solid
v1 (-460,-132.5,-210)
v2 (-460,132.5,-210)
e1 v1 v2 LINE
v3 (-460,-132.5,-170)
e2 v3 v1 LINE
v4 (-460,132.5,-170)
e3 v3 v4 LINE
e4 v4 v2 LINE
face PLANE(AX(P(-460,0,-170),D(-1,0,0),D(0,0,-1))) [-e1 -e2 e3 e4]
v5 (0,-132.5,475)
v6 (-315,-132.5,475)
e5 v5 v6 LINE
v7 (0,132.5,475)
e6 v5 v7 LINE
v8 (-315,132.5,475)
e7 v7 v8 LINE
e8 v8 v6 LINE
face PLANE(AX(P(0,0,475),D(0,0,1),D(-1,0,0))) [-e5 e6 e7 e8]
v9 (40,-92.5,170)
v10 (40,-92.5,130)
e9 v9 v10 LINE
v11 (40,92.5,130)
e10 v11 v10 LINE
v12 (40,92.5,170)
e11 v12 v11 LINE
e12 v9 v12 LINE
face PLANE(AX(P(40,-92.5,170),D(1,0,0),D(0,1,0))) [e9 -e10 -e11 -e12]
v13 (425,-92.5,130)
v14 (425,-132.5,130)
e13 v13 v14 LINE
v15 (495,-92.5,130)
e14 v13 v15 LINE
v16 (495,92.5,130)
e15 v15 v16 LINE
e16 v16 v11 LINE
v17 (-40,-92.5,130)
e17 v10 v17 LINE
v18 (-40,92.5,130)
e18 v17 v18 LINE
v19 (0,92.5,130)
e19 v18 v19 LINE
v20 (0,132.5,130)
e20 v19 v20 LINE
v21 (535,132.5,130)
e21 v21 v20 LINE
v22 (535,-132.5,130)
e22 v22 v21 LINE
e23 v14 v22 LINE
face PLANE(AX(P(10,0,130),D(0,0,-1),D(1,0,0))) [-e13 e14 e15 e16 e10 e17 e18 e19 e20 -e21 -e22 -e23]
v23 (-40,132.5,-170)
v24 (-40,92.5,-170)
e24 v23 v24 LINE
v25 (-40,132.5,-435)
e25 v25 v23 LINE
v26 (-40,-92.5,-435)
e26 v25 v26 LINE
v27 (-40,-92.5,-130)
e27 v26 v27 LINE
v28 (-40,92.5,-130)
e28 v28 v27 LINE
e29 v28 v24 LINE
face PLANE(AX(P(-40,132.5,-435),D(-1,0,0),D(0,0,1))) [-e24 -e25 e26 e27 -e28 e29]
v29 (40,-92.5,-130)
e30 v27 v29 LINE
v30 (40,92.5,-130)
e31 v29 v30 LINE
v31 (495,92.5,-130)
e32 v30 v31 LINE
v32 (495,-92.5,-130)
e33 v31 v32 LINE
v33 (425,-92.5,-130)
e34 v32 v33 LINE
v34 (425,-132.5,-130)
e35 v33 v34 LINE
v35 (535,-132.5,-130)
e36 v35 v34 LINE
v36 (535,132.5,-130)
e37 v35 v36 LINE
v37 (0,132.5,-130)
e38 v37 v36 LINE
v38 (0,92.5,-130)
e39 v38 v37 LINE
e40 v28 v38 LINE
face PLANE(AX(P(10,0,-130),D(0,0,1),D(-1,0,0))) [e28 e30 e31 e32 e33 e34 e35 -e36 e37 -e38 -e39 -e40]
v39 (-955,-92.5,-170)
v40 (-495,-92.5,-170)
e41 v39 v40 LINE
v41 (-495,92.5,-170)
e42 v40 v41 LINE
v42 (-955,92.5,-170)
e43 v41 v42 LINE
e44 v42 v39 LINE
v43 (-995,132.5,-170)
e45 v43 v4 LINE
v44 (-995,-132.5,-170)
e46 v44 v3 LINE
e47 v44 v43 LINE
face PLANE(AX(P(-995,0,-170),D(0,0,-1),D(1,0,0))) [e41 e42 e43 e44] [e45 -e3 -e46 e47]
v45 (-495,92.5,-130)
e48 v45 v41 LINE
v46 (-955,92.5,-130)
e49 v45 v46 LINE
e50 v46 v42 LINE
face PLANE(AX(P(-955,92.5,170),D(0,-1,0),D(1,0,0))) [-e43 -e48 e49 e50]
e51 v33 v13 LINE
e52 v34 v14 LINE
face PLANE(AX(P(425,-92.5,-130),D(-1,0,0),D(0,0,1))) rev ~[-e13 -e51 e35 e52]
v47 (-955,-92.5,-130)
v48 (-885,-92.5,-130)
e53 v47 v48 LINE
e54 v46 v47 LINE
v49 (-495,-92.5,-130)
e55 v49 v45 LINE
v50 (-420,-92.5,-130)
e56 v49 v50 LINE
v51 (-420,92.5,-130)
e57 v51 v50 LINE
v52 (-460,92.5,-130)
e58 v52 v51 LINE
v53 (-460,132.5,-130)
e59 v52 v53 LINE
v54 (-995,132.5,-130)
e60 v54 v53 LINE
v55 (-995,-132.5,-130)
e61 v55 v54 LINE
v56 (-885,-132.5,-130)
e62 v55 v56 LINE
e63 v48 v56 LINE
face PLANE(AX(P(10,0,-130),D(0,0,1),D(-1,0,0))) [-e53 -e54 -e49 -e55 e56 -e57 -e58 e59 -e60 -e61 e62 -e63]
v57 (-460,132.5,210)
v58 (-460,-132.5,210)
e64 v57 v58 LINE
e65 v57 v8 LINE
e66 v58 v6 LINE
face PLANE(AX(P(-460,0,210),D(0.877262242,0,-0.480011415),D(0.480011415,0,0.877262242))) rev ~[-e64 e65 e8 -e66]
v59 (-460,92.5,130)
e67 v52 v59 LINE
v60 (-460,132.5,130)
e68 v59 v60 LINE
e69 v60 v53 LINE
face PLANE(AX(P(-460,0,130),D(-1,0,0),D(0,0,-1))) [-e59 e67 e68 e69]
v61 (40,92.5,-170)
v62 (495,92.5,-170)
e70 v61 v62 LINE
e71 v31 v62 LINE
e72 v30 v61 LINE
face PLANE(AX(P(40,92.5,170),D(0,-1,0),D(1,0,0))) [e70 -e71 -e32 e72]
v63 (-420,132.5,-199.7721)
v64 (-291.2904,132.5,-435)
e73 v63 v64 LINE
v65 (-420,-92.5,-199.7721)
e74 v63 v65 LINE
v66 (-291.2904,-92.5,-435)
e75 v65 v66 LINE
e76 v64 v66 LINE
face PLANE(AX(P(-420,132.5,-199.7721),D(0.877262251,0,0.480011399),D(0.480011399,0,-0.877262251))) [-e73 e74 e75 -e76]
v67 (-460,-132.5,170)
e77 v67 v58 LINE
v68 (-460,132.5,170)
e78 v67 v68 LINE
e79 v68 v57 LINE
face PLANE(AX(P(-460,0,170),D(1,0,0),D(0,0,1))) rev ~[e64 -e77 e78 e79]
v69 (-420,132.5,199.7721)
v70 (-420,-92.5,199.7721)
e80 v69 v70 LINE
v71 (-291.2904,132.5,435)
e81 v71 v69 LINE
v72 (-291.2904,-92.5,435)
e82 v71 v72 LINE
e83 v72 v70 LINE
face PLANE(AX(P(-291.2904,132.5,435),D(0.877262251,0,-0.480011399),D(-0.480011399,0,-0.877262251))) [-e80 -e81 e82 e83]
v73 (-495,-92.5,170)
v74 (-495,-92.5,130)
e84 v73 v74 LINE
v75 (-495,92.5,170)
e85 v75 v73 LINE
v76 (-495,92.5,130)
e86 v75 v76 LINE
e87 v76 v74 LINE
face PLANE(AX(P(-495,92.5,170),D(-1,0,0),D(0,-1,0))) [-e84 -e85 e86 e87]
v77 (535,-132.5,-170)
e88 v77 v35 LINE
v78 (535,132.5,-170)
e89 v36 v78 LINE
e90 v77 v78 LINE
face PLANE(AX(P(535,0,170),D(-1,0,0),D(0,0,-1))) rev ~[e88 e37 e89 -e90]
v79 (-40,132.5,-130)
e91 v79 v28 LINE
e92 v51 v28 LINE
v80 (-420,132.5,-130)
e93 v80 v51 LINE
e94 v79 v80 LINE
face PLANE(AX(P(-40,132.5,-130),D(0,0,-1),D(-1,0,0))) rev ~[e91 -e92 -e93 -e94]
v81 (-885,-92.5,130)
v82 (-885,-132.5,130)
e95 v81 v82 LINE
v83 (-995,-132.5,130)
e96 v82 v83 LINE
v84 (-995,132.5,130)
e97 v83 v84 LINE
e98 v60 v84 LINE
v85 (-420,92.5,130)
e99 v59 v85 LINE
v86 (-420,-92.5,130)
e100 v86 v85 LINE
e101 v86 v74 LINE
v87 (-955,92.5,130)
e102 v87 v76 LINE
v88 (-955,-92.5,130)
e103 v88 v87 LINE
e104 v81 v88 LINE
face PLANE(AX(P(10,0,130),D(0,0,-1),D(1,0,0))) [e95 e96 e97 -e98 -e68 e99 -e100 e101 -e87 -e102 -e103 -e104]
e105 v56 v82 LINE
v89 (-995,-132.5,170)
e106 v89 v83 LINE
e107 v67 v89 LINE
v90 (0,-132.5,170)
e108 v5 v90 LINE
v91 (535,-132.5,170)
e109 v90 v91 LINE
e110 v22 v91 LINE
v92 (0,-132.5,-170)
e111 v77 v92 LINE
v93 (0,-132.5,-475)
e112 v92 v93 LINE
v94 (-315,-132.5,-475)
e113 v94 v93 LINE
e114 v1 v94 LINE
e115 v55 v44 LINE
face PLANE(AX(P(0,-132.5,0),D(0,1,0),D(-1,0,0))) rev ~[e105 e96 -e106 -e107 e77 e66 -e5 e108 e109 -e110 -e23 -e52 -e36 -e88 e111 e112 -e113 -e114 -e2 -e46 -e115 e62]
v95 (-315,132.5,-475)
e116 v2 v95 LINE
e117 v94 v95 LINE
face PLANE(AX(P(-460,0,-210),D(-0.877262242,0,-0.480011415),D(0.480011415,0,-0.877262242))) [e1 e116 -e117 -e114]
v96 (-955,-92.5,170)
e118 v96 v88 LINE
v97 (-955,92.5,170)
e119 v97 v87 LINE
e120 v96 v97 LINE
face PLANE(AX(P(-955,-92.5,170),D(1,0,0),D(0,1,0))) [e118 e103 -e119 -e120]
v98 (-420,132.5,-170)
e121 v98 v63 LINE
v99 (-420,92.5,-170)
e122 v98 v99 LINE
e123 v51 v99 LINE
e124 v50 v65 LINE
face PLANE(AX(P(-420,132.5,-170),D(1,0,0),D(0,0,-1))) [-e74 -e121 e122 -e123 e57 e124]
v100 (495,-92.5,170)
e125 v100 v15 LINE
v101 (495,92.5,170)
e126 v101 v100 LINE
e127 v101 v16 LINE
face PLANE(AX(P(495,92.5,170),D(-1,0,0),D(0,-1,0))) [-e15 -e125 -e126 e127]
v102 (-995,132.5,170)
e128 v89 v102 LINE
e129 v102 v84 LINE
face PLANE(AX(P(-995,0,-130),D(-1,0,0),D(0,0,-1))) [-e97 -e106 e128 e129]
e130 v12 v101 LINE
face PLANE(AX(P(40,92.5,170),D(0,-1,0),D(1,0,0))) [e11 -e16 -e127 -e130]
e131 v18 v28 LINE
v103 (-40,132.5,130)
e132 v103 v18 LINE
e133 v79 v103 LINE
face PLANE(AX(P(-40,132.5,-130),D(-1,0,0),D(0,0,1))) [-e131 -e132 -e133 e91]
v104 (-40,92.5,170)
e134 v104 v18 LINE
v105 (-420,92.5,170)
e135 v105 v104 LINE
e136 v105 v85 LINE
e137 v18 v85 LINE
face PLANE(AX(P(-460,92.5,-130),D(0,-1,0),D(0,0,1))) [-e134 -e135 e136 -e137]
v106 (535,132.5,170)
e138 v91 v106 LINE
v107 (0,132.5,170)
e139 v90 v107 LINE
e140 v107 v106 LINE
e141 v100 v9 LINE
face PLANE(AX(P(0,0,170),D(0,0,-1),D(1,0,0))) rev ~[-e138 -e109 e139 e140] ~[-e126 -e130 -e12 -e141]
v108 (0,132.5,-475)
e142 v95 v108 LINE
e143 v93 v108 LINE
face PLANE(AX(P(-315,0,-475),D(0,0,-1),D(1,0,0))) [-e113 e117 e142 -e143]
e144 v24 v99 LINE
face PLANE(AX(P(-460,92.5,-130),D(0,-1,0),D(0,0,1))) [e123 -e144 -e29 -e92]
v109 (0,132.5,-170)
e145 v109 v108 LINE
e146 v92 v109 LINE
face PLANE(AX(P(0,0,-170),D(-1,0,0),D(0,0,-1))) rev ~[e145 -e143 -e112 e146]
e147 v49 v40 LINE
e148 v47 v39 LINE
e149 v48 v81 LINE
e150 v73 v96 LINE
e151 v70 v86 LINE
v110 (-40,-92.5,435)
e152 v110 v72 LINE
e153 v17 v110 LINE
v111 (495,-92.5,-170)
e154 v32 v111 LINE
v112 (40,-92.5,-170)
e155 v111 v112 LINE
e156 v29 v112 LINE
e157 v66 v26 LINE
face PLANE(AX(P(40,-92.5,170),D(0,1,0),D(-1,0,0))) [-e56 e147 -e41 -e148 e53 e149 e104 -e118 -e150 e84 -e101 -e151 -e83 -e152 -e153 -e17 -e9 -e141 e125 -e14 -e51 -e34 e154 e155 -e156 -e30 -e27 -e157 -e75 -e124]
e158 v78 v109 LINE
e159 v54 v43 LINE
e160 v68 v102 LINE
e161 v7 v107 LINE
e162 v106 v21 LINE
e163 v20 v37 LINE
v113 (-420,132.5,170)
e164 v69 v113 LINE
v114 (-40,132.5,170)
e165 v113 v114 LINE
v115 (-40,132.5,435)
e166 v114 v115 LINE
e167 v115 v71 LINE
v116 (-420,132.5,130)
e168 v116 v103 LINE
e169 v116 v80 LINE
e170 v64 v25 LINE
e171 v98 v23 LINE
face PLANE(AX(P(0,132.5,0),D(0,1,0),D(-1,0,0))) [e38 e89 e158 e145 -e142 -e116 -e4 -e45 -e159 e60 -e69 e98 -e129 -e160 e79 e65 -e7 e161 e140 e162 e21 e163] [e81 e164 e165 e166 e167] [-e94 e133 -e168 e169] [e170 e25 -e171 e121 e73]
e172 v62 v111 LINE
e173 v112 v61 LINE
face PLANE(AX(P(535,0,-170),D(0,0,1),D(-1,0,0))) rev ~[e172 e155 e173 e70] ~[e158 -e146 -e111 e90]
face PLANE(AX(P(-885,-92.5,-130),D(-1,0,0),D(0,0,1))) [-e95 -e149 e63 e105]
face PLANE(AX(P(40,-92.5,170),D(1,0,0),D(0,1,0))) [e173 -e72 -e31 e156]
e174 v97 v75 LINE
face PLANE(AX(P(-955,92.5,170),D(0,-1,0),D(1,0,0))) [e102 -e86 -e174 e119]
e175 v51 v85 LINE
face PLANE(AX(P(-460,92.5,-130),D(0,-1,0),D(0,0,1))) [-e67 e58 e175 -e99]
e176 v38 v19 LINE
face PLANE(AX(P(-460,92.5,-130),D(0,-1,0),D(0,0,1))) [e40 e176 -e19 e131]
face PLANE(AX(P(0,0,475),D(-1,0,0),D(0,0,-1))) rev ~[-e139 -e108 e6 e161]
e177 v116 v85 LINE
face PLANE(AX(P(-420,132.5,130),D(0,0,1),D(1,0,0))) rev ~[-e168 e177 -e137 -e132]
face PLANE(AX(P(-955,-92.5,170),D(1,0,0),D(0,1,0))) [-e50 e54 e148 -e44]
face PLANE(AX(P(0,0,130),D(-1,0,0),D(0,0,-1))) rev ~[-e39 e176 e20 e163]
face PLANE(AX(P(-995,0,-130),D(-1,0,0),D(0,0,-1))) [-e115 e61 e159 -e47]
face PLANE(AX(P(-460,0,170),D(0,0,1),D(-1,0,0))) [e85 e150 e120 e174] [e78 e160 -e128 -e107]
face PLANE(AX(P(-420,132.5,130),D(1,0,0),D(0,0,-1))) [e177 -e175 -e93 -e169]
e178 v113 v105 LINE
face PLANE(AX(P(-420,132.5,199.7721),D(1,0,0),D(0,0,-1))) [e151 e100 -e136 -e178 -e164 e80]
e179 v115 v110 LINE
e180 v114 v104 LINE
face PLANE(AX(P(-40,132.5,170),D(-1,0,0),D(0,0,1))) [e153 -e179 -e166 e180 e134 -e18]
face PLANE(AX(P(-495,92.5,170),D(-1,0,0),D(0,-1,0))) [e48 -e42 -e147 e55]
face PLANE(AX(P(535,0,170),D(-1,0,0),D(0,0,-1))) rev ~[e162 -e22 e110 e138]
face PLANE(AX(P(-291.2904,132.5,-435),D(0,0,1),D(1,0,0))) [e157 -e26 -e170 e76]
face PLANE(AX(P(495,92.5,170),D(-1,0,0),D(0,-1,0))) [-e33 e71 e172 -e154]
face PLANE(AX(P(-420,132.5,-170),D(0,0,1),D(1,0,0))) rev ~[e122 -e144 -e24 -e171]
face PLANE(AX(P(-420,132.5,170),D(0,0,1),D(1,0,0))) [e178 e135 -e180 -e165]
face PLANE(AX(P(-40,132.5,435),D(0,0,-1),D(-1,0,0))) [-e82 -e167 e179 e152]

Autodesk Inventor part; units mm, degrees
ref_plane "YZ Plane" through (0, 0, 0) normal (1, 0, 0) x (0, 1, 0)
ref_plane "XZ Plane" through (0, 0, 0) normal (0, 1, 0) x (-1, 0, 0)
sketch "스케치1" plane through (0, 0, 0) normal (0, 1, 0) x (-1, 0, 0)
  line L0 (0, 475) -> (0, -475)
  line L1 (0, 475) -> (315, 475)
  line L2 (460, 170) -> (460, -170)
  line L3 (315, -475) -> (0, -475)
  line L4 (0, 0) -> (678.9617, 0) construction
  line L5 (460, 170) -> (995, 170)
  line L6 (995, -170) -> (460, -170)
  line L7 (460, 130) -> (995, 130)
  line L8 (995, -130) -> (460, -130)
  line L9 (995, 170) -> (995, 130)
  line L10 (995, -130) -> (995, -170)
  line L11 (0, 170) -> (-535, 170)
  line L12 (-535, -170) -> (0, -170)
  line L13 (-10, 130) -> (-535, 130)
  line L14 (-535, -130) -> (-10, -130)
  line L15 (-535, 170) -> (-535, 130)
  line L16 (-535, -130) -> (-535, -170)
  line L17 (460, 170) -> (460, 210)
  line L18 (460, -170) -> (460, -210)
  line L19 (460, 210) -> (315, 475)
  line L20 (460, -210) -> (315, -475)
  line L21 (420, 170) -> (420, 199.7721)
  line L22 (420, 199.7721) -> (291.2904, 435)
  line L23 (291.2904, 435) -> (40, 435)
  line L24 (40, 435) -> (40, -435)
  line L25 (40, -435) -> (291.2904, -435)
  line L26 (291.2904, -435) -> (420, -199.7721)
  line L27 (420, -199.7721) -> (420, 170)
  line L28 (460, -170) -> (0, -170)
  line L29 (-10, -130) -> (460, -130)
  line L30 (460, 130) -> (-10, 130)
  line L31 (460, 170) -> (0, 170)
  point P0 (460, 0)
  point P1 (995, -150)
  point P2 (-535, -150)
  point P3 (0, 130)
  point P4 (0, -130)
  point P5 (460, -190)
  point P6 (0, -130)
  point P7 (0, 130)
  dimension "d1" = 315
  dimension "d2" = 950
  dimension "d3" = 340
  dimension "d4" = 535
  dimension "d5" = 40
  dimension "d6" = 40
  dimension "d7" = 535
  dimension "d8" = 40
  dimension "d9" = 40
  dimension "d10" = 340
  dimension "d11" = 130
  dimension "d12" = 460
  dimension "d13" = 535
  dimension "d14" = 40
  dimension "d15" = 40
  dimension "d16" = 315
  dimension "d17" = 535
  dimension "d32" = 40
  dimension "d42" = 40
extrude "돌출1" add sketch "스케치1" along normal mid plane 265
sketch "스케치2" plane through (-995, 132.5, 170) normal (0, 0, 1) x (1, 0, 0)
  line L0 (535, -265) -> (535, 0) projected
  line L1 (0, 0) -> (535, 0) projected
  line L2 (0, -265) -> (0, 0) projected
  line L3 (535, -265) -> (0, -265) projected
  line L4 (1530, -265) -> (1530, 0) projected
  line L5 (995, 0) -> (1530, 0) projected
  line L6 (995, -265) -> (995, 0) projected
  line L7 (1530, -265) -> (995, -265) projected
  line L8 (500, -40) -> (500, -225)
  line L9 (535, -225) -> (0, -225)
  line L10 (40, -225) -> (40, -40)
  line L11 (40, -40) -> (535, -40)
  line L12 (1490, -40) -> (1490, -225)
  line L13 (1530, -225) -> (995, -225)
  line L14 (1035, -225) -> (1035, -40)
  line L15 (995, -40) -> (1490, -40)
  point P0 (995, -132.5)
  dimension "d20" = 40
  dimension "d21" = 40
  dimension "d30" = 185
  dimension "d31" = 40
extrude "돌출2" cut sketch "스케치2" against normal blind 8000 contours L9 L10 L11 L8 | L13 L14 L15 L12
extrude "돌출3" add sketch "스케치2" against normal blind 340 contours L3 L2 L9 L0 | L7 L6 L13 L4
sketch "스케치3" plane through (-955, -92.5, 170) normal (0, 1, 0) x (1, 0, 0)
  line L0 (70, 300) -> (70, 40)
  line L1 (1490, 300) -> (1380, 300)
  line L2 (1380, 300) -> (1380, 40)
  line L3 (1490, 0) -> (1490, 40) projected
  line L4 (1380, 40) -> (1490, 40)
  line L5 (70, 40) -> (-40, 40)
  line L6 (-40, 0) -> (-40, 340) projected
  line L7 (1490, 40) -> (1490, 300) projected
  line L8 (-40, 300) -> (0, 300) projected
  line L9 (-40, 300) -> (70, 300)
  point P0 (955, 170)
  dimension "d26" = 110
  dimension "d43" = 110
sketch "스케치4" plane through (0, 132.5, 0) normal (0, 1, 0) x (1, 0, 0)
  line L0 (0, -475) -> (0, -170) projected
  line L1 (0, -170) -> (535, -170) projected
  line L2 (535, -170) -> (535, -130) projected
  line L3 (535, -130) -> (0, -130) projected
  line L4 (0, 170) -> (0, 475) projected
  line L5 (0, 475) -> (-315, 475) projected
  line L6 (-315, 475) -> (-460, 210) projected
  line L7 (-460, 210) -> (-460, 170) projected
  line L8 (-460, 170) -> (-995, 170) projected
  line L9 (-995, 170) -> (-995, 130) projected
  line L10 (-995, 130) -> (-460, 130) projected
  line L11 (-460, 130) -> (-460, -130) projected
  line L12 (-460, -130) -> (-995, -130) projected
  line L13 (-995, -130) -> (-995, -170) projected
  line L14 (-995, -170) -> (-460, -170) projected
  line L15 (-460, -170) -> (-460, -210) projected
  line L16 (-460, -210) -> (-315, -475) projected
  line L17 (-315, -475) -> (0, -475) projected
  line L18 (-291.2904, -435) -> (-420, -199.7721)
  line L19 (-420, -199.7721) -> (-420, -170)
  line L20 (-420, -170) -> (-420, 130)
  line L21 (-420, 130) -> (-420, 199.7721)
  line L22 (-420, 199.7721) -> (-291.2904, 435)
  line L23 (-291.2904, 435) -> (-40, 435)
  line L24 (-40, 435) -> (-40, 170)
  line L25 (-40, 170) -> (-40, -130)
  line L26 (-40, -130) -> (-40, -435)
  line L27 (-40, -435) -> (-291.2904, -435)
  line L28 (-460, -170) -> (0, -170)
  line L29 (-460, -130) -> (0, -130)
  line L30 (-460, 170) -> (0, 170)
  line L31 (0, -130) -> (0, 130) projected
  line L32 (0, 130) -> (535, 130) projected
  line L33 (535, 130) -> (535, 170) projected
  line L34 (535, 170) -> (0, 170) projected
  line L35 (0, 130) -> (-460, 130)
  point P0 (0, 0)
  point P1 (-420, 170)
  point P2 (-420, -130)
  point P3 (-40, -170)
  point P4 (-420, -170)
  point P5 (-165.6452, 435)
  point P6 (-40, 130)
  point P7 (-420, 130)
  dimension "d33" = 40
  dimension "d46" = 40
  dimension "d47" = 90
  dimension "d48" = 265
sketch "스케치5" plane through (-460, 132.5, -130) normal (-1, 0, 0) x (0, 0, 1)
  line L0 (0, 0) -> (260, 0) projected
  line L1 (0, -225) -> (260, -225) projected
  line L2 (0, -40) -> (260, -40)
  line L3 (0, -225) -> (0, 0) projected
  line L4 (260, -225) -> (260, 0) projected
  point P0 (130, -132.5)
  point P1 (0, -265)
  point P2 (260, -265)
  dimension "d36" = 40
extrude "돌출6" cut sketch "스케치5" against normal blind 1000 contours L2 L4 L1 L3
ref_plane "작업 평면1" through (-420, 132.5, 170) normal (0, 0, 1) x (1, 0, 0)
sketch "스케치7" plane through (-420, 132.5, 170) normal (0, 0, 1) x (1, 0, 0)
  line L0 (0, 0) -> (380, 0) projected
  line L1 (0, -40) -> (390, -40)
  line L2 (0, 0) -> (380, 0) projected
  line L3 (0, 0) -> (0, -225) projected
  line L4 (0, -225) -> (380, -225) projected
  line L5 (380, 0) -> (380, -225) projected
  point P0 (420, -132.5)
  point P1 (380, -40)
  dimension "d39" = 40
extrude "돌출7" cut sketch "스케치7" against normal blind 350 contours L1 L5 L4 L3
extrude "돌출8" cut sketch "스케치3" against normal blind 265
extrude "돌출9" cut sketch "스케치4" against normal blind 225 contours L26 L27 L18 L19 L28 | L29 L20 L35 L25 | L30 L21 L22 L23 L24
